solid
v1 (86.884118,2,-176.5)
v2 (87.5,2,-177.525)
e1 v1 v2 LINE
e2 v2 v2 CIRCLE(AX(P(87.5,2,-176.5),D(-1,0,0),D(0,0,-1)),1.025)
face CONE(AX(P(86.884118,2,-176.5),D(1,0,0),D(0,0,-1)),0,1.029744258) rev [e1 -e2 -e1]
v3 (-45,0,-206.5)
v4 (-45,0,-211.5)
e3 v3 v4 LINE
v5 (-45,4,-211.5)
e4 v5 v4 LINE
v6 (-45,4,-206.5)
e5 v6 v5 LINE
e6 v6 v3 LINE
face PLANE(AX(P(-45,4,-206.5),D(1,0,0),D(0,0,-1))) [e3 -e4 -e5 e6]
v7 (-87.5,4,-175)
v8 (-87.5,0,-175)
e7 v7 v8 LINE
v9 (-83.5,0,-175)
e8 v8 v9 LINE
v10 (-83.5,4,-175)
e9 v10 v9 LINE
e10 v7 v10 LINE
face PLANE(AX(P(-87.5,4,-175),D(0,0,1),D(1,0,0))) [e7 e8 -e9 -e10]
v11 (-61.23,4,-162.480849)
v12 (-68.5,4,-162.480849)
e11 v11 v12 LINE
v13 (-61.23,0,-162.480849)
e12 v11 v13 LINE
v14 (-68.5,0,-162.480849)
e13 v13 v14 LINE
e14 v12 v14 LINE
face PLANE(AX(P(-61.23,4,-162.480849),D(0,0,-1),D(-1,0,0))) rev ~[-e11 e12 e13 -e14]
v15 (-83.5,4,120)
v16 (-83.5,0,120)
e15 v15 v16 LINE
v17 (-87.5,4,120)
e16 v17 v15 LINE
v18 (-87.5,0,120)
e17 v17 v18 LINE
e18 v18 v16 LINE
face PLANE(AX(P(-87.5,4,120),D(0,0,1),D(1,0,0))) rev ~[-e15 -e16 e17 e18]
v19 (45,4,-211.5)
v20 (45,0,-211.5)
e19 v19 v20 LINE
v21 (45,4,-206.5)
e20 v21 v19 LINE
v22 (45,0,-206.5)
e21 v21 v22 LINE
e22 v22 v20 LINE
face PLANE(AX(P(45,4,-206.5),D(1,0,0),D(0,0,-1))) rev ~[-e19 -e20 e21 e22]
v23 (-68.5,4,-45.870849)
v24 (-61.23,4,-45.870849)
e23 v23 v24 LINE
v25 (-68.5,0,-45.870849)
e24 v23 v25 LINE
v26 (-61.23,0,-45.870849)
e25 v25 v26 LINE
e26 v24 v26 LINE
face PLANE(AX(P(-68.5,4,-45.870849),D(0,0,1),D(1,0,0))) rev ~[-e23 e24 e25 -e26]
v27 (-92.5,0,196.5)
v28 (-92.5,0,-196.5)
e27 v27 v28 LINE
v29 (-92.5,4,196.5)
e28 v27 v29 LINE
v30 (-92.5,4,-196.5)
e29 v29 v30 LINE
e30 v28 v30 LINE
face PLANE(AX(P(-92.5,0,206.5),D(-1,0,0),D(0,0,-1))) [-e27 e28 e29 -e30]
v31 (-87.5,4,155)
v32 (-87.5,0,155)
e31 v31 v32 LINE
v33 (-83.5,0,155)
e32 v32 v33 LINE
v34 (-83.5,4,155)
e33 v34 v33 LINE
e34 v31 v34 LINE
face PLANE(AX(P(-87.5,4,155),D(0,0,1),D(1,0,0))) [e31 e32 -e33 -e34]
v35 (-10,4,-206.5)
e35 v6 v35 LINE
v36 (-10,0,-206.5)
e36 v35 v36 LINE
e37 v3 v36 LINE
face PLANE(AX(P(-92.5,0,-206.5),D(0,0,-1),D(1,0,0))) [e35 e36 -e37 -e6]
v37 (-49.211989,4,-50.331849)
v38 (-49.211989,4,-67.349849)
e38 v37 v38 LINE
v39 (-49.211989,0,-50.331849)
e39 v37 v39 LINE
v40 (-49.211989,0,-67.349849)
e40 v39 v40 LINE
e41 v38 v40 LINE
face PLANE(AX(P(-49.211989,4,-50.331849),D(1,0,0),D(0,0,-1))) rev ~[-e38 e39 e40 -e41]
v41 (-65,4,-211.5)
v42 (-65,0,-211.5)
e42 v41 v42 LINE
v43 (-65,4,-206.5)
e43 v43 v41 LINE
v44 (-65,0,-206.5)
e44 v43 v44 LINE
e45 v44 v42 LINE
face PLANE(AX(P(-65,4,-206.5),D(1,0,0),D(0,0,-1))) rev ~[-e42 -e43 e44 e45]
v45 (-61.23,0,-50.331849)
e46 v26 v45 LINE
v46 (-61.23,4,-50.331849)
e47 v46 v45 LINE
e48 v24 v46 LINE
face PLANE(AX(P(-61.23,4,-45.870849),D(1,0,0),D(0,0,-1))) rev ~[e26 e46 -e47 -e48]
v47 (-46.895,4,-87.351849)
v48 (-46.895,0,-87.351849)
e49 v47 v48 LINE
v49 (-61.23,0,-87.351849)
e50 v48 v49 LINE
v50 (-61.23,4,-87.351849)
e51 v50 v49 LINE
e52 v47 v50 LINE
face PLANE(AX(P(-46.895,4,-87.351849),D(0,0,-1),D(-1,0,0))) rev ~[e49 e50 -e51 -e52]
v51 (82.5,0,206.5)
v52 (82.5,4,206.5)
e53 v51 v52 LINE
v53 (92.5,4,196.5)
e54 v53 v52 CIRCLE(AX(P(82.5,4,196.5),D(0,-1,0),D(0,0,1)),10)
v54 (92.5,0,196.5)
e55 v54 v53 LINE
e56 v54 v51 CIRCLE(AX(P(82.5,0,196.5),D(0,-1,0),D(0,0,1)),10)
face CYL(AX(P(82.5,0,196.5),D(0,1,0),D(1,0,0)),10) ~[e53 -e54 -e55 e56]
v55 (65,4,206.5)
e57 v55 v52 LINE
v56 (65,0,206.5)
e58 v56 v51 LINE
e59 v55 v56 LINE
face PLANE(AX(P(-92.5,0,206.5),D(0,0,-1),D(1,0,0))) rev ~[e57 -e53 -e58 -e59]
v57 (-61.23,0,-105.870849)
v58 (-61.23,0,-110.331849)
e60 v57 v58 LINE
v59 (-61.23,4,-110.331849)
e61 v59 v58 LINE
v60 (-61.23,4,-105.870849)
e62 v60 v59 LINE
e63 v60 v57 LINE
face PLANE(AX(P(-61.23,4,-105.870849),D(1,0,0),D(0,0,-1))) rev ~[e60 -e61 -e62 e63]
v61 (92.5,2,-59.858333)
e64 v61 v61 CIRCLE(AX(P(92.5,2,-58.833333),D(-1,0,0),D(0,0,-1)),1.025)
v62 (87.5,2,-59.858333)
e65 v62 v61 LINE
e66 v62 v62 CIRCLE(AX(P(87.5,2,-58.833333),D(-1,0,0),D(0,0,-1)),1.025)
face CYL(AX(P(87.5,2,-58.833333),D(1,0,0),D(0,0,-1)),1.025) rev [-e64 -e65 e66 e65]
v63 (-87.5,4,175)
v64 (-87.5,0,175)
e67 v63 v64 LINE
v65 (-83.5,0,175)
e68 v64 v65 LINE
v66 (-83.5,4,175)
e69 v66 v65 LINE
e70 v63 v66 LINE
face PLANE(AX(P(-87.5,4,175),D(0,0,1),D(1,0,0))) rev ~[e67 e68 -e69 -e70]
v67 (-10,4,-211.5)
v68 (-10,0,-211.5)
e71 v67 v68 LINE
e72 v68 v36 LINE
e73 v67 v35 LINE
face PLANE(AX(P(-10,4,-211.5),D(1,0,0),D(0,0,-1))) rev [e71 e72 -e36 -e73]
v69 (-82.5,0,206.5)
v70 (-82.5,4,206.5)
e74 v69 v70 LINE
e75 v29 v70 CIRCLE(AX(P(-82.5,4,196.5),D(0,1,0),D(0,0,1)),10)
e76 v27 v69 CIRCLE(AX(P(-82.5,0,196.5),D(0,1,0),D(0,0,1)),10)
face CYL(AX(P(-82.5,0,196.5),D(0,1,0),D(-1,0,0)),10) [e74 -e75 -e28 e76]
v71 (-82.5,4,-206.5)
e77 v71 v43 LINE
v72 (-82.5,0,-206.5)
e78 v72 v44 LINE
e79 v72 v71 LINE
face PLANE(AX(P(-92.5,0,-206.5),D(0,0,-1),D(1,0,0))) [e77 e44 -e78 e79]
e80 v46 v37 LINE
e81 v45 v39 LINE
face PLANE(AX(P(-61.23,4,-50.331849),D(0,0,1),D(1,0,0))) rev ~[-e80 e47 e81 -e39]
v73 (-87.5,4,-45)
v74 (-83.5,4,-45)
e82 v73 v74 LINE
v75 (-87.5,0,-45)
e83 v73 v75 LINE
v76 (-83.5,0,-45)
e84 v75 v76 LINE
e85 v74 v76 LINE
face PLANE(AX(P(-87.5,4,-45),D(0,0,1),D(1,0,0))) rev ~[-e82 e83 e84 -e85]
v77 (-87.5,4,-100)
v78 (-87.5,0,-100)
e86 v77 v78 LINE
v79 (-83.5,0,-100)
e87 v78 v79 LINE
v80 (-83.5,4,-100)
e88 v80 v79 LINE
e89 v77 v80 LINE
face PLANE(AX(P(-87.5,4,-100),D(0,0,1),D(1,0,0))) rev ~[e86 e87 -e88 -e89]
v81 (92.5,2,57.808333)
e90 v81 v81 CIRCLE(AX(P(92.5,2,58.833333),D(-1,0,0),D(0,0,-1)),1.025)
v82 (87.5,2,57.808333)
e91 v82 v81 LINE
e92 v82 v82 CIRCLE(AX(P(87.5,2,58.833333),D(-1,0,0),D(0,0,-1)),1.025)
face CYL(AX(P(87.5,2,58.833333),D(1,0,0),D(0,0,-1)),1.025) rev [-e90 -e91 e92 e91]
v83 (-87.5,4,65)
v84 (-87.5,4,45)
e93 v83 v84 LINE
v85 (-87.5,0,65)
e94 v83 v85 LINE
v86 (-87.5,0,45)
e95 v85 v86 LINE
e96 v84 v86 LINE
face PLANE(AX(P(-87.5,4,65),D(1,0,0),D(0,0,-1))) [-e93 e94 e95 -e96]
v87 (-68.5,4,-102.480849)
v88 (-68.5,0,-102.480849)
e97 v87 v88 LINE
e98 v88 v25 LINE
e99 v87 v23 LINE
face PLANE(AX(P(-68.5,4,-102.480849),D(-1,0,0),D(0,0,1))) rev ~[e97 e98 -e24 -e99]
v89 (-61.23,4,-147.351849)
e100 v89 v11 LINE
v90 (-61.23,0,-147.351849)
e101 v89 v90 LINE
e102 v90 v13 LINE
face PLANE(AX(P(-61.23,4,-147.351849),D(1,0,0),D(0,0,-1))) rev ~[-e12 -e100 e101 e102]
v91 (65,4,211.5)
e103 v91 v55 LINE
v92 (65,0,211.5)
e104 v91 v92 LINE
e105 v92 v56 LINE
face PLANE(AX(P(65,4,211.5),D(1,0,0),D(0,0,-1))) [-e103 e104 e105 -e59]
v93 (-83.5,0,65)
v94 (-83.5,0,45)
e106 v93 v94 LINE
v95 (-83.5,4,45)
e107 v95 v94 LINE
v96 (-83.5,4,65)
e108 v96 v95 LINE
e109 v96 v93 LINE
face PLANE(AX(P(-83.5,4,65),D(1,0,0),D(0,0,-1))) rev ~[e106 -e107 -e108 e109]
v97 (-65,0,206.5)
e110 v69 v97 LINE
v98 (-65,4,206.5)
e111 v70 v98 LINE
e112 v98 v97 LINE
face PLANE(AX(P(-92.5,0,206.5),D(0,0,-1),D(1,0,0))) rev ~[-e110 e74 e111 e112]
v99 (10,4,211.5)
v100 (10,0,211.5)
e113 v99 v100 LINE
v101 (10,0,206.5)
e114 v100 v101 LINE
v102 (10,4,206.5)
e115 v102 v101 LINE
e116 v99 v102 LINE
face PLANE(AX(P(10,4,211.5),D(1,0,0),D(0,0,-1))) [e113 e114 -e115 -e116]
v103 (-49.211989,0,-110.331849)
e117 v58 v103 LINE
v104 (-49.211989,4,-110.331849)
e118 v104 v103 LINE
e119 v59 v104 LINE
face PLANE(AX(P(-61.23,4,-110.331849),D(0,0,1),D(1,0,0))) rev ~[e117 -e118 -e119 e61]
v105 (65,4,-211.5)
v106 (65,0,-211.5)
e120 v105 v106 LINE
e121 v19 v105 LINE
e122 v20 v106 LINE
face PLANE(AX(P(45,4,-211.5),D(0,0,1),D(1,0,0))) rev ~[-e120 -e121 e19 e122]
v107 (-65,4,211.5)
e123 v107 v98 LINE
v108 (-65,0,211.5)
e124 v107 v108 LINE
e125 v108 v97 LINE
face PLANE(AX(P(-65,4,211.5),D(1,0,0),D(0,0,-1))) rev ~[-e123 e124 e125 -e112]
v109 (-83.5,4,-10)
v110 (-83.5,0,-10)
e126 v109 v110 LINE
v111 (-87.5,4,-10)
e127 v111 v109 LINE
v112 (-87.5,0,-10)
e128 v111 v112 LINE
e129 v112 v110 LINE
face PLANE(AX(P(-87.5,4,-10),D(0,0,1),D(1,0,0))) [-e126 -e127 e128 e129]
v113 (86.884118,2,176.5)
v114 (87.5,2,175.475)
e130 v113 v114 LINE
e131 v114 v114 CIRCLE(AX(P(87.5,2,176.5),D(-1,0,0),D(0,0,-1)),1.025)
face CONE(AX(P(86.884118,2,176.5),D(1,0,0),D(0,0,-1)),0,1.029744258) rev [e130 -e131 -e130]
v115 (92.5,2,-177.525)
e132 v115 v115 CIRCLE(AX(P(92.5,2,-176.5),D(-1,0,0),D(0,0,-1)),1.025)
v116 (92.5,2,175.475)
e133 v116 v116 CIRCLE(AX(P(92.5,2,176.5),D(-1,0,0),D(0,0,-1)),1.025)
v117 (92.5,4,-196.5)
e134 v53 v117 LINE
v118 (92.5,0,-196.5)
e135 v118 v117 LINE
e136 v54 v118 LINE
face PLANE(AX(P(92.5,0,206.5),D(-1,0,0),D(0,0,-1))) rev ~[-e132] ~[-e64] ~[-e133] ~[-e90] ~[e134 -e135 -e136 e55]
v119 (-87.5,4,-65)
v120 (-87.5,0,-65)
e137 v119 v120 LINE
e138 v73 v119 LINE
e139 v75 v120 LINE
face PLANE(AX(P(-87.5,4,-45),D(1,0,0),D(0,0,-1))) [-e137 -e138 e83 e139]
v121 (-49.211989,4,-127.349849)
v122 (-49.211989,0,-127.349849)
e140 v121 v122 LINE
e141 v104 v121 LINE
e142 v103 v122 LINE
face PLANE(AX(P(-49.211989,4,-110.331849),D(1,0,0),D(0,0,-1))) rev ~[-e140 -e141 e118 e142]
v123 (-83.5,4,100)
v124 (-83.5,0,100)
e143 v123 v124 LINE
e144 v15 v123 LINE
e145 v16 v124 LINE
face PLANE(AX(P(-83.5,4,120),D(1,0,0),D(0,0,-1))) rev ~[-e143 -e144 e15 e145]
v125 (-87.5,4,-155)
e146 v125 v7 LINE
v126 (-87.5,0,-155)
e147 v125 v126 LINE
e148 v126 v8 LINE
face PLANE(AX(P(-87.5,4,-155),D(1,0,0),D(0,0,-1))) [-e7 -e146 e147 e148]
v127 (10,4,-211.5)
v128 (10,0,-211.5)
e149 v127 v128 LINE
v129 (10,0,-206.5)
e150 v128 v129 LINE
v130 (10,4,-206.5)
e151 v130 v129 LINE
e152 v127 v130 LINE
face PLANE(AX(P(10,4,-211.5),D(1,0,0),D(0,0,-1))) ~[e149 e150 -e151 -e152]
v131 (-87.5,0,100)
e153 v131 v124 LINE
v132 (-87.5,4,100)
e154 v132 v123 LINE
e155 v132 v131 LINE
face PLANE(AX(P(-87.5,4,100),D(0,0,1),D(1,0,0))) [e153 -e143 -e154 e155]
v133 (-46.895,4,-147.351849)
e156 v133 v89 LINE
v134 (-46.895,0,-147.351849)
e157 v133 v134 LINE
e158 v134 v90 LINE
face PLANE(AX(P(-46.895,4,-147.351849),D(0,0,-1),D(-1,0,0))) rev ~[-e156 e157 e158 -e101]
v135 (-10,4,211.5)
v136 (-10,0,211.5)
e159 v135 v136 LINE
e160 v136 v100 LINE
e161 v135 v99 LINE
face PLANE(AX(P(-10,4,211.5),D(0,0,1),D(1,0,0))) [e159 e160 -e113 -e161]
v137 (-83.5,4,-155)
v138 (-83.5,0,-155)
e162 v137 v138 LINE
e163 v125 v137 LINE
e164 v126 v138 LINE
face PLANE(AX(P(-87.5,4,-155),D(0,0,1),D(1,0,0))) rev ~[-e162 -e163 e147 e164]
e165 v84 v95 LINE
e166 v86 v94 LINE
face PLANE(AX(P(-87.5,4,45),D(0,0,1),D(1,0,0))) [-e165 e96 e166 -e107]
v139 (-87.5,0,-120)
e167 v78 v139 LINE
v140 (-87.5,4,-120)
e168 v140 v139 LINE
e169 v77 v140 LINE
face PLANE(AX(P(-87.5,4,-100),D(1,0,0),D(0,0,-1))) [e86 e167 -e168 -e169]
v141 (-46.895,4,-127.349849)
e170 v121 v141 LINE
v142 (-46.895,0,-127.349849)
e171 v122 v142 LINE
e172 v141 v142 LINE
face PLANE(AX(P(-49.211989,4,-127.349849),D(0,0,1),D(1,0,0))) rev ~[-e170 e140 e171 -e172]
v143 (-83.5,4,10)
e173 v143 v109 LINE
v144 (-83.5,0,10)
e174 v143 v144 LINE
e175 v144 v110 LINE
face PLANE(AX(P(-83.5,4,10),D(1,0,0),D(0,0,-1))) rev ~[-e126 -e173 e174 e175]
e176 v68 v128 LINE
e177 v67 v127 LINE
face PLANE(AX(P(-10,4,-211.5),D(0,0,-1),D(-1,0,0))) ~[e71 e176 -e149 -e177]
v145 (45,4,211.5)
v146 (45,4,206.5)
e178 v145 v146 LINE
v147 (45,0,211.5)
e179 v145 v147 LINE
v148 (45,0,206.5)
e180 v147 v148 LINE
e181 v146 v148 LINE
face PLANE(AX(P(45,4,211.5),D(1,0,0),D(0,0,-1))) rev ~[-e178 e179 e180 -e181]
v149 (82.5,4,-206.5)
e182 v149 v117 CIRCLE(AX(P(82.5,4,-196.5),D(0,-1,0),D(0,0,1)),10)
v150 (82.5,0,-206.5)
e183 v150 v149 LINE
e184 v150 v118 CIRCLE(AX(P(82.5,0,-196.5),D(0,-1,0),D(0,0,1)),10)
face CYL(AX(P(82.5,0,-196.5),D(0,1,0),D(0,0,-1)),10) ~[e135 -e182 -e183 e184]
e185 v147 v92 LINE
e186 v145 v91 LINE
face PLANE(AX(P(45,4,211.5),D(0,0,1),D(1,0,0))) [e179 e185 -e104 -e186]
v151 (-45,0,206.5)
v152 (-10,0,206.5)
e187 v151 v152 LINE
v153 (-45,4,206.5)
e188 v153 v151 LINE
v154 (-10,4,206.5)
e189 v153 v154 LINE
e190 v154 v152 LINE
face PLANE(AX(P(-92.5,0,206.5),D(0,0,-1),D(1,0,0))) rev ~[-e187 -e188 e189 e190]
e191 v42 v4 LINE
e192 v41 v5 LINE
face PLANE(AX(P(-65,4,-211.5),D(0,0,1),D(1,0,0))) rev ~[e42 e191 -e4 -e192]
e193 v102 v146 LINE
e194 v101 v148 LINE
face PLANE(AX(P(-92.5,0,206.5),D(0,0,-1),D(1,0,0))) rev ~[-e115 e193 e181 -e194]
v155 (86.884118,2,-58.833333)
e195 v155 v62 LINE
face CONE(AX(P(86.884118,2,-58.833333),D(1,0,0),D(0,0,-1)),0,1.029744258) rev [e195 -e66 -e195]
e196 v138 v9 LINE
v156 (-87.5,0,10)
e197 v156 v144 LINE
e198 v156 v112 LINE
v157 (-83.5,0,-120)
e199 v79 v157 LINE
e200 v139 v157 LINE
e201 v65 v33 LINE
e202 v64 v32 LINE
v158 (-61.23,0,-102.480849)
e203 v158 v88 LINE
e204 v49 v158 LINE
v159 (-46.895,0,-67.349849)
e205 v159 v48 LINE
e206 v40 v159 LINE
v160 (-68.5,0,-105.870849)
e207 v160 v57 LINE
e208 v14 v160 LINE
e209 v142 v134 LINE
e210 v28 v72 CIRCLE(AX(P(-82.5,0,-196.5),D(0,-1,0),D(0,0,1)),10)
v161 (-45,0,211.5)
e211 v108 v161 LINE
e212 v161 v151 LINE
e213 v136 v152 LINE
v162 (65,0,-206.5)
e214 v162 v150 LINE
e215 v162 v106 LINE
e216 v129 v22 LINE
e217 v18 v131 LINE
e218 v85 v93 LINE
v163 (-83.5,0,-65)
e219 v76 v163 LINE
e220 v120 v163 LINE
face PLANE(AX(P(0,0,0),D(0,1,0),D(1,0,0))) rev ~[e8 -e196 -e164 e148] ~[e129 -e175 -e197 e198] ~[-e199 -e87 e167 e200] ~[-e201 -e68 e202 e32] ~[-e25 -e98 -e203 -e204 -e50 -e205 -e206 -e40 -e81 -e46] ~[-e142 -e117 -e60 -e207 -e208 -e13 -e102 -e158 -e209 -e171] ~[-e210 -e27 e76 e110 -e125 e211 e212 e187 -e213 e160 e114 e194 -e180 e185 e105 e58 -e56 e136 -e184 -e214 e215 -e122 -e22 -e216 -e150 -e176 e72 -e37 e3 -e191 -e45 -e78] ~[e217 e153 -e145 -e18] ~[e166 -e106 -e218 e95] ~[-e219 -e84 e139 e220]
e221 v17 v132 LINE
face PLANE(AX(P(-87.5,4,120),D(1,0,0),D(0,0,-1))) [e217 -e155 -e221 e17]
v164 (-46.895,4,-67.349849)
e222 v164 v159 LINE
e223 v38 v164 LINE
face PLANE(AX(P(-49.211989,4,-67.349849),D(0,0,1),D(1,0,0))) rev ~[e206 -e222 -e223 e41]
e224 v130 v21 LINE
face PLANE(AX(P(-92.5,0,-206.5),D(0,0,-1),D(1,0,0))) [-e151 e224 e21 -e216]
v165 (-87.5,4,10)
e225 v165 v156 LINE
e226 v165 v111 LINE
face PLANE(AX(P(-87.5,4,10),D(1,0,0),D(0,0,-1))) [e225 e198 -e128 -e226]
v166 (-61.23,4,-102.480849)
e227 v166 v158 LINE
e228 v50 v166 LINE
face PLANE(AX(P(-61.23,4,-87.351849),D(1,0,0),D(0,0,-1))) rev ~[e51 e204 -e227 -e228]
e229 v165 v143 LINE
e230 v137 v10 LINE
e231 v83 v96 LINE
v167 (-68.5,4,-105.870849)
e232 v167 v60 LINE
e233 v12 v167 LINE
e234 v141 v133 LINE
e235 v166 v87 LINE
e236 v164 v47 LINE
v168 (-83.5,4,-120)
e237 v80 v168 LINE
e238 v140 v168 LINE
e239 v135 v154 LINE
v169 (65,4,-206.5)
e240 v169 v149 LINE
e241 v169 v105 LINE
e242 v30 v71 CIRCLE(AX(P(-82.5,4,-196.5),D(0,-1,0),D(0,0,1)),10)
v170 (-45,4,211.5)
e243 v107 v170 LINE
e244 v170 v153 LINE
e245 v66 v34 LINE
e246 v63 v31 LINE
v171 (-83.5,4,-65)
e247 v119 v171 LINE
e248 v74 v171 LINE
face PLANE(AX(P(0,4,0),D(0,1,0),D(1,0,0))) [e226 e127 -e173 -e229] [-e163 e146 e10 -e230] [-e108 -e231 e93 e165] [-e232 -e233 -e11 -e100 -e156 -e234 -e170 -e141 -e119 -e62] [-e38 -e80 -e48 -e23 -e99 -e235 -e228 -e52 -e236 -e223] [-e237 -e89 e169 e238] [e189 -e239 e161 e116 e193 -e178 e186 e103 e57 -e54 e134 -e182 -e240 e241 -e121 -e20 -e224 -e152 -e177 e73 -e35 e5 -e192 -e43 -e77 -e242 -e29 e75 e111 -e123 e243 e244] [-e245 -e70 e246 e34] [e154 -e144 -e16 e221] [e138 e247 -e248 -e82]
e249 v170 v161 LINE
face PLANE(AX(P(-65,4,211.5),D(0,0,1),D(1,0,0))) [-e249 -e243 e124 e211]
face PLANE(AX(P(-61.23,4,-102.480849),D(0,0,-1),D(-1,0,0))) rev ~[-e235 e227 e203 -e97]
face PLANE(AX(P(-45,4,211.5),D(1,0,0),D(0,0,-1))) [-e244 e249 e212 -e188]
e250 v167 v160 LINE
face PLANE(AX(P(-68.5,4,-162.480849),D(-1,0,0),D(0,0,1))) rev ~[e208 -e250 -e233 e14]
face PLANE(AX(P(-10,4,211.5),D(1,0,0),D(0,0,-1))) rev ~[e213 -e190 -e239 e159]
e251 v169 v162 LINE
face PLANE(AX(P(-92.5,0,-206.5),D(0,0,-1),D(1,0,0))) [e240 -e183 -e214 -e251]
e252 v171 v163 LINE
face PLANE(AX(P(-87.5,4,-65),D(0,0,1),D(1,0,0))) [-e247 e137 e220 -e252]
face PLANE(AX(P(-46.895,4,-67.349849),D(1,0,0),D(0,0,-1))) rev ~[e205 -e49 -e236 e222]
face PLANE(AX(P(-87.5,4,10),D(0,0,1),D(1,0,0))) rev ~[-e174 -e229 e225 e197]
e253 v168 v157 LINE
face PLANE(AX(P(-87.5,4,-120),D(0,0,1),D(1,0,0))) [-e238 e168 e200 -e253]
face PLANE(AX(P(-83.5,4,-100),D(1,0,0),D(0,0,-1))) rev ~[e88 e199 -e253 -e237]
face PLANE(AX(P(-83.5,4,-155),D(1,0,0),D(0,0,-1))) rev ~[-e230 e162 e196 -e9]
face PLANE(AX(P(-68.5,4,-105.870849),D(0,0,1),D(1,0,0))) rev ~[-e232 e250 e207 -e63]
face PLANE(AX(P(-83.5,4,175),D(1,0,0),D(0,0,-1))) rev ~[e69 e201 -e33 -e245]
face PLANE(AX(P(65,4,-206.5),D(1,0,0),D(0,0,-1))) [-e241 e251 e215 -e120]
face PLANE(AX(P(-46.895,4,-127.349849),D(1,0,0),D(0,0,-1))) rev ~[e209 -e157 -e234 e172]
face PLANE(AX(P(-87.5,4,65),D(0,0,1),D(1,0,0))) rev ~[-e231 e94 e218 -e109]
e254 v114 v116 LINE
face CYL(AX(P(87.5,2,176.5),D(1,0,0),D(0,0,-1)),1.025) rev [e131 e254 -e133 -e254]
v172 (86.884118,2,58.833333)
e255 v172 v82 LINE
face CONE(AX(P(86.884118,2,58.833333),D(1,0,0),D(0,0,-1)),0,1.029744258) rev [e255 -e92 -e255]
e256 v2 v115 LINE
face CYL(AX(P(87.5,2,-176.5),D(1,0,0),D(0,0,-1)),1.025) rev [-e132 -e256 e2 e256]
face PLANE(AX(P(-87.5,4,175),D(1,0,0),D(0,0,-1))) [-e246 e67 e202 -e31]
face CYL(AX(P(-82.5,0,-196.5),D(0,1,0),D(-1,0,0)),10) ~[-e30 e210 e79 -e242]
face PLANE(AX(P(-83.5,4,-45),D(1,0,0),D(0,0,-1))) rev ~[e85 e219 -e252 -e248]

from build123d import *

# Parameters (mm, degrees)
SKETCH1_W               = 185
SKETCH1_H               = 413
BASE_DEPTH              = 4
SKETCH2_W               = 20
SKETCH2_H               = 5
BOSS_EXTRUDE2_DEPTH     = 4
LPATTERN1_COUNT         = 2
LPATTERN1_PITCH         = 55
LPATTERN1_COL_COUNT     = 2
LPATTERN1_COL_PITCH     = 55
SKETCH3_W               = 4
SKETCH3_H               = 20
CUT_EXTRUDE1_DEPTH      = 231.877673238
LPATTERN2_COUNT         = 4
LPATTERN2_PITCH         = 55
LPATTERN2_COL_COUNT     = 4
LPATTERN2_COL_PITCH     = 55
FILLET1_R               = 10
MIRROR1_COPY_1_SKETCH_W = 20
MIRROR1_COPY_1_SKETCH_H = 5
MIRROR1_COPY_1_DEPTH    = 4
MIRROR1_COPY_2_SKETCH_W = 20
MIRROR1_COPY_2_SKETCH_H = 5
MIRROR1_COPY_2_DEPTH    = 4
CUT_EXTRUDE4_DEPTH      = 231.877673238
LPATTERN5_COUNT         = 4
LPATTERN5_PITCH         = 117.666666667


with BuildPart() as part:
    # Sketch1 → Base (new body)
    with BuildSketch(Plane(origin=(0, 0, 0), x_dir=(1, 0, 0), z_dir=(0, 1, 0))):
        Rectangle(SKETCH1_W, SKETCH1_H)
    extrude(amount=BASE_DEPTH)

    # Sketch2 → Boss-Extrude2 (add)
    with BuildSketch(Plane(origin=(0, 4, 0), x_dir=(1, 0, 0), z_dir=(0, 1, 0))):
        with Locations((0, -209)):
            Rectangle(SKETCH2_W, SKETCH2_H)
    boss_extrude2 = extrude(amount=-BOSS_EXTRUDE2_DEPTH)

    # LPattern1: Boss-Extrude2 ×2
    with Locations(*[(-i * LPATTERN1_PITCH, 0, 0) for i in range(1, LPATTERN1_COUNT)]):
        add(boss_extrude2)

    # LPattern1 col: Boss-Extrude2 ×2
    with Locations(*[(i * LPATTERN1_COL_PITCH, 0, 0) for i in range(1, LPATTERN1_COL_COUNT)]):
        add(boss_extrude2)

    # Sketch3 → Cut-Extrude1 (cut, through all)
    with BuildSketch(Plane(origin=(0, 4, 0), x_dir=(1, 0, 0), z_dir=(0, 1, 0))):
        with Locations((-85.5, 0)):
            Rectangle(SKETCH3_W, SKETCH3_H)
    cut_extrude1 = extrude(amount=-CUT_EXTRUDE1_DEPTH, mode=Mode.SUBTRACT)

    # LPattern2: Cut-Extrude1 ×4
    with Locations(*[(0, 0, -i * LPATTERN2_PITCH) for i in range(1, LPATTERN2_COUNT)]):
        add(cut_extrude1, mode=Mode.SUBTRACT)

    # LPattern2 col: Cut-Extrude1 ×4
    with Locations(*[(0, 0, i * LPATTERN2_COL_PITCH) for i in range(1, LPATTERN2_COL_COUNT)]):
        add(cut_extrude1, mode=Mode.SUBTRACT)

    # Fillet1
    fillet1_edges = [part.edges().sort_by_distance(p)[0] for p in [
        (-92.5, 2, -206.5),
        (92.5, 2, -206.5),
        (92.5, 2, 206.5),
        (-92.5, 2, 206.5),
    ]]
    fillet(fillet1_edges, radius=FILLET1_R)

    # Mirror1: Boss-Extrude2 across plane
    add(boss_extrude2.mirror(Plane.XY))

    # Mirror1 copy 1 sketch → Mirror1 copy 1 (add)
    with BuildSketch(Plane(origin=(-55, 4, 0), x_dir=(1, 0, 0), z_dir=(0, 1, 0))):
        with Locations((0, 209)):
            Rectangle(MIRROR1_COPY_1_SKETCH_W, MIRROR1_COPY_1_SKETCH_H)
    extrude(amount=-MIRROR1_COPY_1_DEPTH)

    # Mirror1 copy 2 sketch → Mirror1 copy 2 (add)
    with BuildSketch(Plane(origin=(55, 4, 0), x_dir=(1, 0, 0), z_dir=(0, 1, 0))):
        with Locations((0, 209)):
            Rectangle(MIRROR1_COPY_2_SKETCH_W, MIRROR1_COPY_2_SKETCH_H)
    extrude(amount=-MIRROR1_COPY_2_DEPTH)

    # Sketch5 → Cut-Extrude4 (cut, through all)
    with BuildSketch(Plane(origin=(0, 4, 0), x_dir=(1, 0, 0), z_dir=(0, 1, 0))):
        Polygon((-46.895000001, 87.351848615), (-61.230000001, 87.351848615), (-61.230000001, 102.480848615), (-68.500000001, 102.480848615), (-68.500000001, 45.870848615), (-61.230000001, 45.870848615), (-61.230000001, 50.331848615), (-49.211989258, 50.331848615), (-49.211989258, 67.349848615), (-46.895000001, 67.349848615), align=None)
        Polygon((-46.895000001, 147.351848615), (-61.230000001, 147.351848615), (-61.230000001, 162.480848615), (-68.500000001, 162.480848615), (-68.500000001, 105.870848615), (-61.230000001, 105.870848615), (-61.230000001, 110.331848615), (-49.211989258, 110.331848615), (-49.211989258, 127.349848615), (-46.895000001, 127.349848615), align=None)
    extrude(amount=-CUT_EXTRUDE4_DEPTH, mode=Mode.SUBTRACT)

    # Sketch8 → Tap Drill for M2.5x0.45 Tap1 (revolve, cut)
    with BuildSketch(Plane(origin=(92.5, 2, -176.5), x_dir=(0, 0, -1), z_dir=(0, 1, 0))):
        Polygon((0, 0), (0, 5.615882135), (1.025, 5), (1.025, 0), align=None)
    tap_drill_for_m2_5x0_45_tap1 = revolve(axis=Axis((98.85, 2, -176.5), (-1, 0, 0)), mode=Mode.SUBTRACT)

    # LPattern5: Tap Drill for M2.5x0.45 Tap1 ×4
    with Locations(*[(0, 0, i * LPATTERN5_PITCH) for i in range(1, LPATTERN5_COUNT)]):
        add(tap_drill_for_m2_5x0_45_tap1, mode=Mode.SUBTRACT)


solid = part.part
